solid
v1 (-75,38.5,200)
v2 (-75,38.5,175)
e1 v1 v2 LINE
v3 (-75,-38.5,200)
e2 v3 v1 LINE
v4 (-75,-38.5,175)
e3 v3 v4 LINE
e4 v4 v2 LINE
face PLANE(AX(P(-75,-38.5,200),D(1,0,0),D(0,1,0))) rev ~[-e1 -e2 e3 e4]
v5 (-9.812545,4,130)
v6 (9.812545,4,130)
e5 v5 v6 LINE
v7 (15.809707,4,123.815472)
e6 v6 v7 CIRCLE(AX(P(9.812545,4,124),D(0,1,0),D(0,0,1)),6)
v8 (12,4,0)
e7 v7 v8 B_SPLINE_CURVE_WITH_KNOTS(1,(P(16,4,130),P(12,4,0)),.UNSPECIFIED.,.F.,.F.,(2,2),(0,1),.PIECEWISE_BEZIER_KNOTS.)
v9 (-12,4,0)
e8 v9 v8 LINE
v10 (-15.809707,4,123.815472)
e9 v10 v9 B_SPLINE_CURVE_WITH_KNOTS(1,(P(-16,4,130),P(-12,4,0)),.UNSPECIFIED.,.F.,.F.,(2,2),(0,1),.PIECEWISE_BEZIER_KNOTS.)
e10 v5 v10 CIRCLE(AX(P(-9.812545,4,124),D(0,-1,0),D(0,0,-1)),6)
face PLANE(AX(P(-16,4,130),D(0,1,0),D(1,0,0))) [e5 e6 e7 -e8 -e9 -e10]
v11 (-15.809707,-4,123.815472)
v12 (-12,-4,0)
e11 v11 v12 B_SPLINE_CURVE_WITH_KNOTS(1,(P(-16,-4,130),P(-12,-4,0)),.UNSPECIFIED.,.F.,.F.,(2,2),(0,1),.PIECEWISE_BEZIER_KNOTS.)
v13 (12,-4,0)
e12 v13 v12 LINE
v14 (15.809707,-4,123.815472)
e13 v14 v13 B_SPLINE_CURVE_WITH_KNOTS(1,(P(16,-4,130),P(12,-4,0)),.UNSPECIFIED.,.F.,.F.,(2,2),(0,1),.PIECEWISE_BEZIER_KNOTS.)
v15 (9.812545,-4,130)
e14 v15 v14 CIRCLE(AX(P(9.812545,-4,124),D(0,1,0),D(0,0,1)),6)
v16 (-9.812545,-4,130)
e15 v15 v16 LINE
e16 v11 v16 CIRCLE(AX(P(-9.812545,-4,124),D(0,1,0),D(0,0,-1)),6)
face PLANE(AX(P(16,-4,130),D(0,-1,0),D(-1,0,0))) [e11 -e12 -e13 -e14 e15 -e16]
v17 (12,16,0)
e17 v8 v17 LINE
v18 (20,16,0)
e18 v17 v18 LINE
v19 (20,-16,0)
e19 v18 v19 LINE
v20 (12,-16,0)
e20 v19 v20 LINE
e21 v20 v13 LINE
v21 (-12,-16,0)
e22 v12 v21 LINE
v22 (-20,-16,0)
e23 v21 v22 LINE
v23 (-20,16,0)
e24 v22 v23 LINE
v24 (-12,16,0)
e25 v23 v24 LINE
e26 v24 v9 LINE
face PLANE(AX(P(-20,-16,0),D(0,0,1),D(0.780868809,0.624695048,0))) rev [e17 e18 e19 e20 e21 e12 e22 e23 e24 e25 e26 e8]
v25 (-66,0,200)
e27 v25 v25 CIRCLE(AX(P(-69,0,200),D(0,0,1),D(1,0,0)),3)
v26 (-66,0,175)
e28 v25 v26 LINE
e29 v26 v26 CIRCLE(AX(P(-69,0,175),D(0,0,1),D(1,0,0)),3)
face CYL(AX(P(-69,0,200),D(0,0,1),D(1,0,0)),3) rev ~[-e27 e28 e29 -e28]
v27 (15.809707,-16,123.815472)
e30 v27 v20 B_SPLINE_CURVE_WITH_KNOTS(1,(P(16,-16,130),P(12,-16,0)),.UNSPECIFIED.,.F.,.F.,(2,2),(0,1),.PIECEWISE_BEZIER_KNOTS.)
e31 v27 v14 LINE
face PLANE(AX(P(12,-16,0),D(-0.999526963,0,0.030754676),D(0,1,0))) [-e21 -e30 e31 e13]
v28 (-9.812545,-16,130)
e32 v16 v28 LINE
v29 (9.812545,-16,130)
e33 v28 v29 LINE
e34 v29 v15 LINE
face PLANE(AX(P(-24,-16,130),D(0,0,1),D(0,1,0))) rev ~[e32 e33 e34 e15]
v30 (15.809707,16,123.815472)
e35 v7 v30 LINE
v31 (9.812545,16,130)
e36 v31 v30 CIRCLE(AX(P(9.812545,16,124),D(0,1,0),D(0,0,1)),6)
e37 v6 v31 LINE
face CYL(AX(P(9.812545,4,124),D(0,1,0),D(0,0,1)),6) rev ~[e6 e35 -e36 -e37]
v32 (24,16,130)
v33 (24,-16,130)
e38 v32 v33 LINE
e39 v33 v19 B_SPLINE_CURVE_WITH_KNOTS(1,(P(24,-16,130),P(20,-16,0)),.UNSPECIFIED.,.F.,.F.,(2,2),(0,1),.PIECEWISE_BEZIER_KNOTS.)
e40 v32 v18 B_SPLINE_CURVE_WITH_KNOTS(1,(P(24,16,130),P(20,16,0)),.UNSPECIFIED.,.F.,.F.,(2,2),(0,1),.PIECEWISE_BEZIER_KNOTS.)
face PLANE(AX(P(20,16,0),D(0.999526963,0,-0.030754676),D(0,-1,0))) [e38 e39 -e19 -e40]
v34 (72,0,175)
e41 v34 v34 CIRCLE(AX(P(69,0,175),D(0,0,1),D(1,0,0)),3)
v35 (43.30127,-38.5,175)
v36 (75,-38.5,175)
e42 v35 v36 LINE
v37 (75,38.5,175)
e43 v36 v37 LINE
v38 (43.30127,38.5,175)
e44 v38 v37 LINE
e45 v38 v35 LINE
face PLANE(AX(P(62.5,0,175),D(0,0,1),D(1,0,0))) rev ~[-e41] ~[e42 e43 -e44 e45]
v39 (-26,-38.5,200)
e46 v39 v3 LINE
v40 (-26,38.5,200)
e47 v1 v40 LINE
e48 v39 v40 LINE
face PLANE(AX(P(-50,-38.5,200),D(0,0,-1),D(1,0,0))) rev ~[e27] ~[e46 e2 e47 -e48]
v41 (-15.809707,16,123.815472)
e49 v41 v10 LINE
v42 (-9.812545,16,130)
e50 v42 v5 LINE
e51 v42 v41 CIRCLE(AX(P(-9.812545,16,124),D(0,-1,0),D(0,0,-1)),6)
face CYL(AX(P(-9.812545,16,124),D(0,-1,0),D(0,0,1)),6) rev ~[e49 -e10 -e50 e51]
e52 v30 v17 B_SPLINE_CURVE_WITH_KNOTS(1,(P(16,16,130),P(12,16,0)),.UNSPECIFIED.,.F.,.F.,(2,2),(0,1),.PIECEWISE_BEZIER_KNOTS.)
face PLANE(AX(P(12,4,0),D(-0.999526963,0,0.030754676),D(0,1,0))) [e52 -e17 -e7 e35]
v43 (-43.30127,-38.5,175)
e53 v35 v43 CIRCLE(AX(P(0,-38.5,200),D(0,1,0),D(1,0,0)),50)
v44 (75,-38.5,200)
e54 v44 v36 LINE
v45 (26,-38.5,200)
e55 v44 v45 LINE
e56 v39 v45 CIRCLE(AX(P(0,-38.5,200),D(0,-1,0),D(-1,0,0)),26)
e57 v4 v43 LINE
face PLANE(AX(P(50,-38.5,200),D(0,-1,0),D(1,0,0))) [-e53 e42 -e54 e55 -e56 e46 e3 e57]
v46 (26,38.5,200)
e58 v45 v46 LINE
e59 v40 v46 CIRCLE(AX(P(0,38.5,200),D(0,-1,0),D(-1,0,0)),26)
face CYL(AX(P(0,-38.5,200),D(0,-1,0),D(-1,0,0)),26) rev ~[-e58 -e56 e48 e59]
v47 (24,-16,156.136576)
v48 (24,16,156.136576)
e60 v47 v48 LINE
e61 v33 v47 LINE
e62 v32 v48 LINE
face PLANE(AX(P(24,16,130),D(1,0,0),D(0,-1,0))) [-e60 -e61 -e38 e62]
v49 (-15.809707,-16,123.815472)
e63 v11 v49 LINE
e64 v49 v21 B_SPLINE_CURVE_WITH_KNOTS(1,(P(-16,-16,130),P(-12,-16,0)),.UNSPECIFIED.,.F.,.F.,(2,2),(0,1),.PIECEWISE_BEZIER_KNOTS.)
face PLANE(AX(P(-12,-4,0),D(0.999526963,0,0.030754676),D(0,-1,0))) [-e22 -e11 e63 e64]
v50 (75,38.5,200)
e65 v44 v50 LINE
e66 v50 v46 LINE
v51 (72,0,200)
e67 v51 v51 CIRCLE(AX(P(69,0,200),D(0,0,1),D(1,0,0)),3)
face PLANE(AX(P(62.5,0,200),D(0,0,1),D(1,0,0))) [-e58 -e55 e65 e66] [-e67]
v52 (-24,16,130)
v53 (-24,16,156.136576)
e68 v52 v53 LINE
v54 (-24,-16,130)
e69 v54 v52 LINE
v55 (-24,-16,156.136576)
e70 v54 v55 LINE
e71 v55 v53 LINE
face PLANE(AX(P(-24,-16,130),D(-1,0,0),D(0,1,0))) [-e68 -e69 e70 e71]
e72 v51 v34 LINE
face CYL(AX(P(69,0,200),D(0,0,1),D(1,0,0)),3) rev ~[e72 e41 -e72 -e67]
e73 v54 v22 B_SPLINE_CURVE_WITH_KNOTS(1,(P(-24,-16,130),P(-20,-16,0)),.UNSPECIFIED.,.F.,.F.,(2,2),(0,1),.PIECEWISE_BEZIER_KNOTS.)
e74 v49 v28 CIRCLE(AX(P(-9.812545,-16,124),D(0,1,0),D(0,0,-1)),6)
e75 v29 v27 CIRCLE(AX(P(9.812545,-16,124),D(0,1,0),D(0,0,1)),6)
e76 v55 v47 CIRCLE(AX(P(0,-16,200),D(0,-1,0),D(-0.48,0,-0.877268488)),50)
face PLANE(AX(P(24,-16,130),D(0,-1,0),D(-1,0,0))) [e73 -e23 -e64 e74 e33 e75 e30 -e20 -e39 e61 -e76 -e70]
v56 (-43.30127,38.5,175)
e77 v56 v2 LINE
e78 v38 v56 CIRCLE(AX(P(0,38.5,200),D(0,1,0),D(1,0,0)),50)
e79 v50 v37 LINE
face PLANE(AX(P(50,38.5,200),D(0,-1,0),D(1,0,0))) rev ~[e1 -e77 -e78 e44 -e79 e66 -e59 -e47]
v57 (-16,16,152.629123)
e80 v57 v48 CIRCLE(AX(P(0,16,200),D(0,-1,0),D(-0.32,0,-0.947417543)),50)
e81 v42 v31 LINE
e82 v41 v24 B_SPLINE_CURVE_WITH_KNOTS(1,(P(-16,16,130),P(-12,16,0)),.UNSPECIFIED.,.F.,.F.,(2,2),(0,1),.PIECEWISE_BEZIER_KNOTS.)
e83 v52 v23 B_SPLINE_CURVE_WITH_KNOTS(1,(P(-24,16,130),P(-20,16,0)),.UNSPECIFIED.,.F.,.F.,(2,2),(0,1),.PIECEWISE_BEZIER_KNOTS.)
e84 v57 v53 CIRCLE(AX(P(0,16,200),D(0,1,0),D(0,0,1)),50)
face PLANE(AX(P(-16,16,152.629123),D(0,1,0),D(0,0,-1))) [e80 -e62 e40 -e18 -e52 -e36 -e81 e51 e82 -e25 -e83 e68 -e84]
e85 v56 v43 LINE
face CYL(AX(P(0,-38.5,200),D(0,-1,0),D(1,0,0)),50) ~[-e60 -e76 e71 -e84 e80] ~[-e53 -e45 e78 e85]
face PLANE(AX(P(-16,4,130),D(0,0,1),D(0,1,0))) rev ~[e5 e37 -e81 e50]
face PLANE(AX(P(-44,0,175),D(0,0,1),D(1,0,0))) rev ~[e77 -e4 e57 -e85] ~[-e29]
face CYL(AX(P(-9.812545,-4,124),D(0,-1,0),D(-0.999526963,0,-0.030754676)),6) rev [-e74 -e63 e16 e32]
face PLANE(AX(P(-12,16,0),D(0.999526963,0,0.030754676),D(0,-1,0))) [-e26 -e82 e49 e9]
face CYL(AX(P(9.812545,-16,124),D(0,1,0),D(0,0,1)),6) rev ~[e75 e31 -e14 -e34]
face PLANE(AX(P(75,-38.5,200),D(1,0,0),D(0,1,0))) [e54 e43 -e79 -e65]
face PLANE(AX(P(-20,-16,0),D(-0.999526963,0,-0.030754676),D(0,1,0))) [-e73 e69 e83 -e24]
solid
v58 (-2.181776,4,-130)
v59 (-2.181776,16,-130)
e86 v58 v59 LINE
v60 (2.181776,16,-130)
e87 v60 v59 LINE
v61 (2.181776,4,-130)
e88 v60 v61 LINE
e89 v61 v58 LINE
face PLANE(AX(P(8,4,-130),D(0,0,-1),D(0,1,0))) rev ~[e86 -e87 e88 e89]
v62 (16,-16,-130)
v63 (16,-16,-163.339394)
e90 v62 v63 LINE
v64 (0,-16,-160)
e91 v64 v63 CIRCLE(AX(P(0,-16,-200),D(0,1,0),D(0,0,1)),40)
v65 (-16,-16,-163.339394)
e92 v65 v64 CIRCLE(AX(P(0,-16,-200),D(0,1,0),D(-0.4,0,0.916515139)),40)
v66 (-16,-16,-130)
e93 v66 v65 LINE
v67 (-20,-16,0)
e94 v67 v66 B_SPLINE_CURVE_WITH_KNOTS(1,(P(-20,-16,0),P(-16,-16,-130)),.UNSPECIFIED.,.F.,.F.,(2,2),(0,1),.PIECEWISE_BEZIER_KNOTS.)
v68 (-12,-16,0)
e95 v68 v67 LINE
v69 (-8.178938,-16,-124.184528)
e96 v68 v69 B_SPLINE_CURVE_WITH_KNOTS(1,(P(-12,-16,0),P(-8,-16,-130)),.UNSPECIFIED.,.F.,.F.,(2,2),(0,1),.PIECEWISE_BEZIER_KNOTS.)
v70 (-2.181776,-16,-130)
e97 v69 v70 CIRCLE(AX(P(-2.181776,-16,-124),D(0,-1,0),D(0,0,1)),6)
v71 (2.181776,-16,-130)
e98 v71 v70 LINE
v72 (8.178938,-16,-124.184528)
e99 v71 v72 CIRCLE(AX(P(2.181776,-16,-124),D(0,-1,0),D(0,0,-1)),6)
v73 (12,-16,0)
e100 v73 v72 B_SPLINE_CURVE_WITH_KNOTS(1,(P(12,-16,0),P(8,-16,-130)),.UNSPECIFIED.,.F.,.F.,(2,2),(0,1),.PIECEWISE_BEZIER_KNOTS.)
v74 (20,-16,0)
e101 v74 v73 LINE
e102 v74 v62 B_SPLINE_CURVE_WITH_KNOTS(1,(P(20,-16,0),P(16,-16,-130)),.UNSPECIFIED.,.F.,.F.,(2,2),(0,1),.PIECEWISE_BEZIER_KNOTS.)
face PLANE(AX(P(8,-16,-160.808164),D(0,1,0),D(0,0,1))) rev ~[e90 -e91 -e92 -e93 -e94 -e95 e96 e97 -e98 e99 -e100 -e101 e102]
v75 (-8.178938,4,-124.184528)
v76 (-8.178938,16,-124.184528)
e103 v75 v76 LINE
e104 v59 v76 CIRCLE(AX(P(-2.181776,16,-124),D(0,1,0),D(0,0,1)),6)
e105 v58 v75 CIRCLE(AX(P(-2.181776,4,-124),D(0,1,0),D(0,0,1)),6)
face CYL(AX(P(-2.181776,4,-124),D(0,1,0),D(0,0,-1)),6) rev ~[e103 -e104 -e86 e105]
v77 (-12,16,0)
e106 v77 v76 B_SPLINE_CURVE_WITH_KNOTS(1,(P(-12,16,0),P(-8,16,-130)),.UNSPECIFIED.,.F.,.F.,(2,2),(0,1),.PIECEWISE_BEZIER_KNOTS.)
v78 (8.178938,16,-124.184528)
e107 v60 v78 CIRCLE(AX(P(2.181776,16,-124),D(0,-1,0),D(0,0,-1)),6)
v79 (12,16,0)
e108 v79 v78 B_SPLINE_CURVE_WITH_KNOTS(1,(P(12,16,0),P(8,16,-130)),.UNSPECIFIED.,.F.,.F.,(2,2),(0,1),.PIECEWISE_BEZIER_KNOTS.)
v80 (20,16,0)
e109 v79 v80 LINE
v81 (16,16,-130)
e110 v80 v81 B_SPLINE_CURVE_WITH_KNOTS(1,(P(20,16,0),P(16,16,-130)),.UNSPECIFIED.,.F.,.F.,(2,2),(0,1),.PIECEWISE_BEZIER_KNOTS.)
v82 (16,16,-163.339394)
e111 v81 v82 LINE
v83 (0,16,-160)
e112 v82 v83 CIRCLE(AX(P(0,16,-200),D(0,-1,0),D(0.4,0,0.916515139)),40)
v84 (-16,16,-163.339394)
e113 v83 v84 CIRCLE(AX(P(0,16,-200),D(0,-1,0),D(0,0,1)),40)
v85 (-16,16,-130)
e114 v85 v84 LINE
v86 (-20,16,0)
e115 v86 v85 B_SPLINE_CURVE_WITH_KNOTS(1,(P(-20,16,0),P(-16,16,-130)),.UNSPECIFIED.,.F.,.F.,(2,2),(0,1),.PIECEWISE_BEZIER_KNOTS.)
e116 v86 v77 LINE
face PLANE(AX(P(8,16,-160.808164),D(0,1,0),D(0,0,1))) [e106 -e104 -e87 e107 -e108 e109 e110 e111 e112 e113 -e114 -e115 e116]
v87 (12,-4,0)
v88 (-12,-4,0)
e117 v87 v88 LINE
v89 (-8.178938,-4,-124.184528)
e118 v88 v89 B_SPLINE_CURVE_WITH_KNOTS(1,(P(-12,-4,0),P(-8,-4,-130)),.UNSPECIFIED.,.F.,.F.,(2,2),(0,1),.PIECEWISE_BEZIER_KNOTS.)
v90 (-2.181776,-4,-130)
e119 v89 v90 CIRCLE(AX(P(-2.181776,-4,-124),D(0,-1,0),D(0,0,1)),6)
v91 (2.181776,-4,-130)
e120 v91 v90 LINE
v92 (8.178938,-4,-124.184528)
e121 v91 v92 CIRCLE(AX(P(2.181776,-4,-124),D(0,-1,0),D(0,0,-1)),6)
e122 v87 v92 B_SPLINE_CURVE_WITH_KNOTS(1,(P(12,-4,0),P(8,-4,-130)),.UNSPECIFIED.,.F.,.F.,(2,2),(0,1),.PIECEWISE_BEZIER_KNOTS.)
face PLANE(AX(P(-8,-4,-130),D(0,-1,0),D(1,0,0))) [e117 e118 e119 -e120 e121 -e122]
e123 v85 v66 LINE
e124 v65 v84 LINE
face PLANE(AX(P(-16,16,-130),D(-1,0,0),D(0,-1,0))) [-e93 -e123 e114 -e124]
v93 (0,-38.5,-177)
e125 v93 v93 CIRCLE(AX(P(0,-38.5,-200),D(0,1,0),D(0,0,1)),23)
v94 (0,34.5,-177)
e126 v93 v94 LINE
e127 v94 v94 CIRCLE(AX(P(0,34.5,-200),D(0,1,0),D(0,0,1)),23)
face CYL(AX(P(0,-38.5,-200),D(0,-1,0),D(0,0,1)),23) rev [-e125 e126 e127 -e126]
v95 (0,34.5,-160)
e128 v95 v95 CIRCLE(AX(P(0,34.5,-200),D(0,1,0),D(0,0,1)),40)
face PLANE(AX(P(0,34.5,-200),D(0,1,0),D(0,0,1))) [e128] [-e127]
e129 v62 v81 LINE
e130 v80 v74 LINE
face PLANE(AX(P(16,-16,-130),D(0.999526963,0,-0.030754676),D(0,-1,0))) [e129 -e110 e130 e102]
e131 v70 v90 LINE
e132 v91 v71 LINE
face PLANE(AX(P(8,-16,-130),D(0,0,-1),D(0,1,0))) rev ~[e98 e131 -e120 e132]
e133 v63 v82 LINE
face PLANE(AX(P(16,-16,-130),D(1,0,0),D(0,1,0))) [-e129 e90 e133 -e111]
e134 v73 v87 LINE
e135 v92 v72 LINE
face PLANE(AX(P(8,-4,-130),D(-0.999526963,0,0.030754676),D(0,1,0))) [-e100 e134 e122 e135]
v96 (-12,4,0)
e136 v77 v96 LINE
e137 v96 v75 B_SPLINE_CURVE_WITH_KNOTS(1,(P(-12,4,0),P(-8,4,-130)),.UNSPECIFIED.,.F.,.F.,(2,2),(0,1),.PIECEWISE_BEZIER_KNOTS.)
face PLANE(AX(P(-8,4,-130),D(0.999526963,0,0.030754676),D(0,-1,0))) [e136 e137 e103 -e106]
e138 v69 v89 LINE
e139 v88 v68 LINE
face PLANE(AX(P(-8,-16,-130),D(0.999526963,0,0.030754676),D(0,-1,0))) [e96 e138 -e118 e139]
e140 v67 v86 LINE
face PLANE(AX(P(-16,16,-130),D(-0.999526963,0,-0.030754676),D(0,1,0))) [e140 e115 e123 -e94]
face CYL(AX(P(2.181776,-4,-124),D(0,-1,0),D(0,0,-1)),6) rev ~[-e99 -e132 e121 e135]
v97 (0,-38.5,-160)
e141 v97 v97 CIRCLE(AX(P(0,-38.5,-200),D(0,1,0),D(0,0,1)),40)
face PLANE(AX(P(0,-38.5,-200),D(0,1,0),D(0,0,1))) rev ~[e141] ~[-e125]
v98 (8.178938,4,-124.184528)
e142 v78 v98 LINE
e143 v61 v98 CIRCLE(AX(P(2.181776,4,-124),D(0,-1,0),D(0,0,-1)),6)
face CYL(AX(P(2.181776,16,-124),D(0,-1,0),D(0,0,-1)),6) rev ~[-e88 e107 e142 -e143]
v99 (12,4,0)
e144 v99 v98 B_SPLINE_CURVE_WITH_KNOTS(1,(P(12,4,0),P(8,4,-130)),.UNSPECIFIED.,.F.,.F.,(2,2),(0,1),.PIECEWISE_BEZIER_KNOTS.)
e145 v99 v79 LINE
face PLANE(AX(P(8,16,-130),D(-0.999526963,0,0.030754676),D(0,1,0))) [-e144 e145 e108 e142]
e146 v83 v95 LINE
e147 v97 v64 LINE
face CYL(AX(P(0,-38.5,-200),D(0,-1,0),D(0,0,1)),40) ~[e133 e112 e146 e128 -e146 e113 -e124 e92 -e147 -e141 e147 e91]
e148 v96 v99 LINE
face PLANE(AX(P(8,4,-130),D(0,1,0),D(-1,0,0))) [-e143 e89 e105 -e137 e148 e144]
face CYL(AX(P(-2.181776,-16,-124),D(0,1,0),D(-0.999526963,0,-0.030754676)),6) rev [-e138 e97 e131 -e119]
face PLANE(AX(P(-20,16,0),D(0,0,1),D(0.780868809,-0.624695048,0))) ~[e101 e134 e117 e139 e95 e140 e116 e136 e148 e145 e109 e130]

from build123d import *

# Parameters (mm, degrees)
BOSS_EXTRUDE1_DEPTH      = 34.5
BOSS_EXTRUDE1_DEPTH_BACK = 38.5
SKETCH1_R                = 40
SKETCH1_R_2              = 23
BOSS_EXTRUDE2_DEPTH      = 38.5
BOSS_EXTRUDE2_DEPTH_BACK = 38.5
BOSS_EXTRUDE4_REACH      = 337.98
BOSS_EXTRUDE4_END_RADIUS = 23
BOSS_EXTRUDE5_REACH      = 377.343
BOSS_EXTRUDE5_END_RADIUS = 26
SKETCH5_W                = 37
SKETCH5_H                = 77
SKETCH5_R                = 3
BOSS_EXTRUDE6_DEPTH      = 25
SKETCH6_W                = 22.629122871
SKETCH6_H                = 12
BOSS_EXTRUDE7_DEPTH      = 36
SKETCH7_W                = 30.808164115
SKETCH7_H                = 12
BOSS_EXTRUDE8_DEPTH      = 21
SKETCH8_W                = 30.808164115
SKETCH8_H                = 12
BOSS_EXTRUDE9_DEPTH      = 21
SKETCH10_W               = 26.136575601
SKETCH10_H               = 32
BOSS_EXTRUDE10_DEPTH     = 46
FILLET4_R                = 6
FILLET5_R                = 6


with BuildPart() as part:
    # Sketch1 → Boss-Extrude1 (new, two sides: drawn at the far end of the back side and taken through both)
    with BuildSketch(Plane(origin=(0, 0, 0), x_dir=(1, 0, 0), z_dir=(0, 1, 0)).offset(-BOSS_EXTRUDE1_DEPTH_BACK)):
        with Locations((0, 200)):
            Circle(SKETCH1_R)
        with Locations((0, 200)):
            Circle(SKETCH1_R_2, mode=Mode.SUBTRACT)
    extrude(amount=BOSS_EXTRUDE1_DEPTH + BOSS_EXTRUDE1_DEPTH_BACK)



with BuildPart() as body_2:
    # Sketch1<6> → Boss-Extrude2 (new, two sides: drawn at the far end of the back side and taken through both)
    with BuildSketch(Plane(origin=(0, 0, 0), x_dir=(1, 0, 0), z_dir=(0, 1, 0)).offset(-BOSS_EXTRUDE2_DEPTH_BACK)):
        with BuildLine():
            ThreePointArc((50, -200), (0, -150), (-50, -200))
            Line((-50, -200), (-26, -200))
            ThreePointArc((-26, -200), (0, -174), (26, -200))
            Line((26, -200), (50, -200))
        make_face()
    extrude(amount=BOSS_EXTRUDE2_DEPTH + BOSS_EXTRUDE2_DEPTH_BACK)



with BuildPart() as body_3:
    # Sketch3 → Loft1 section 0
    with BuildSketch(Plane.XY.offset(130)):
        with BuildLine():
            Line((-24, -16), (-24, 16))
            Line((-24, 16), (-16, 16))
            Line((-16, 16), (-16, 4))
            Line((-16, 4), (16, 4))
            Line((16, 4), (16, 16))
            Line((16, 16), (24, 16))
            Line((24, 16), (24, -16))
            Line((24, -16), (16, -16))
            Line((16, -16), (16, -4))
            Line((16, -4), (-16, -4))
            Line((-16, -4), (-16, -16))
            Line((-16, -16), (-24, -16))
        make_face()
    # Sketch4 → Loft1 section 1
    with BuildSketch(Plane.XY):
        with BuildLine():
            Line((-20, 16), (-12, 16))
            Line((-12, 16), (-12, 4))
            Line((-12, 4), (12, 4))
            Line((12, 4), (12, 16))
            Line((12, 16), (20, 16))
            Line((20, 16), (20, -16))
            Line((20, -16), (12, -16))
            Line((12, -16), (12, -4))
            Line((12, -4), (-12, -4))
            Line((-12, -4), (-12, -16))
            Line((-12, -16), (-20, -16))
            Line((-20, -16), (-20, 16))
        make_face()
    loft()


with BuildPart() as body_4:
    # Sketch4<3> → Loft3 section 0
    with BuildSketch(Plane.XY):
        with BuildLine():
            Line((-20, 16), (-12, 16))
            Line((-12, 16), (-12, 4))
            Line((-12, 4), (12, 4))
            Line((12, 4), (12, 16))
            Line((12, 16), (20, 16))
            Line((20, 16), (20, -16))
            Line((20, -16), (12, -16))
            Line((12, -16), (12, -4))
            Line((12, -4), (-12, -4))
            Line((-12, -4), (-12, -16))
            Line((-12, -16), (-20, -16))
            Line((-20, -16), (-20, 16))
        make_face()
    # Sketch2 → Loft3 section 1
    with BuildSketch(Plane.XY.offset(-130)):
        with BuildLine():
            Line((16, 16), (8, 16))
            Line((8, 16), (8, 4))
            Line((8, 4), (-8, 4))
            Line((-8, 4), (-8, 16))
            Line((-8, 16), (-16, 16))
            Line((-16, 16), (-16, -16))
            Line((-16, -16), (-8, -16))
            Line((-8, -16), (-8, -4))
            Line((-8, -4), (8, -4))
            Line((8, -4), (8, -16))
            Line((8, -16), (16, -16))
            Line((16, -16), (16, 16))
        make_face()
    loft()


with BuildPart() as part_1:
    add(part.part)

    add(body_4.part)  # Boss-Extrude4 merges body 4
    # Boss-Extrude4: up to this cylinder (the profile starts outside it)
    boss_extrude4_end = Plane(origin=(0, 0, -200), z_dir=(0, 1, 0)) * Cylinder(BOSS_EXTRUDE4_END_RADIUS, 722.96, mode=Mode.PRIVATE)
    # Sketch2<8> → Boss-Extrude4 (add, up to the surface)
    with BuildSketch(Plane.XY.offset(-130), mode=Mode.PRIVATE) as boss_extrude4_sk1:
        Polygon((16, 16), (8, 16), (8, 4), (-8, 4), (-8, 16), (-16, 16), (-16, -16), (-8, -16), (-8, -4), (8, -4), (8, -16), (16, -16), align=None)
    boss_extrude4_tool1 = extrude(boss_extrude4_sk1.sketch, amount=-BOSS_EXTRUDE4_REACH, mode=Mode.PRIVATE) - boss_extrude4_end
    add(boss_extrude4_tool1.solids().sort_by_distance((0, 0, -130))[0])

    # Sketch7 → Boss-Extrude8 (add)
    with BuildSketch(Plane.ZY.offset(-8)):
        with Locations((-145.404082058, -10)):
            Rectangle(SKETCH7_W, SKETCH7_H)
    extrude(amount=BOSS_EXTRUDE8_DEPTH)

    # Sketch8 → Boss-Extrude9 (add)
    with BuildSketch(Plane.ZY.offset(-8)):
        with Locations((-145.404082058, 10)):
            Rectangle(SKETCH8_W, SKETCH8_H)
    extrude(amount=BOSS_EXTRUDE9_DEPTH)

    # Fillet4
    fillet4_edges = [part_1.edges().sort_by_distance(p)[0] for p in [
        (8, 10, -130),
        (-8, 10, -130),
        (-8, -10, -130),
        (8, -10, -130),
    ]]
    fillet(fillet4_edges, radius=FILLET4_R)


with BuildPart() as body_2_1:
    add(body_2.part)

    add(body_3.part)  # Boss-Extrude5 merges body 3
    # Boss-Extrude5: up to this cylinder (the profile starts outside it)
    boss_extrude5_end = Plane(origin=(0, 0, 200), z_dir=(0, 1, 0)) * Cylinder(BOSS_EXTRUDE5_END_RADIUS, 807.686, mode=Mode.PRIVATE)
    # Sketch3<3> → Boss-Extrude5 (add, up to the surface)
    with BuildSketch(Plane.XY.offset(130), mode=Mode.PRIVATE) as boss_extrude5_sk1:
        Polygon((-24, -16), (-24, 16), (-16, 16), (-16, 4), (16, 4), (16, 16), (24, 16), (24, -16), (16, -16), (16, -4), (-16, -4), (-16, -16), align=None)
    boss_extrude5_tool1 = extrude(boss_extrude5_sk1.sketch, amount=BOSS_EXTRUDE5_REACH, mode=Mode.PRIVATE) - boss_extrude5_end
    add(boss_extrude5_tool1.solids().sort_by_distance((0, 0, 130))[0])

    # Sketch5 → Boss-Extrude6 (add)
    # profile 1 of 2: a face of its own
    with BuildSketch(Plane.XY.offset(200)):
        with Locations((56.5, 0)):
            Rectangle(SKETCH5_W, SKETCH5_H)
        with Locations((69, 0)):
            Circle(SKETCH5_R, mode=Mode.SUBTRACT)
    # profile 2 of 2: a face of its own
    with BuildSketch(Plane.XY.offset(200)):
        with Locations((-56.5, 0)):
            Rectangle(SKETCH5_W, SKETCH5_H)
        with Locations((-69, 0)):
            Circle(SKETCH5_R, mode=Mode.SUBTRACT)
    extrude(amount=-BOSS_EXTRUDE6_DEPTH)

    # Sketch6 → Boss-Extrude7 (add)
    with BuildSketch(Plane(origin=(-16, 0, 0), x_dir=(0, 0, -1), z_dir=(1, 0, 0))):
        with Locations((-141.314561436, 10)):
            Rectangle(SKETCH6_W, SKETCH6_H)
    extrude(amount=BOSS_EXTRUDE7_DEPTH)

    # Sketch10 → Boss-Extrude10 (add)
    with BuildSketch(Plane.ZY.offset(24)):
        with Locations((143.068287801, 0)):
            Rectangle(SKETCH10_W, SKETCH10_H)
    extrude(amount=-BOSS_EXTRUDE10_DEPTH)

    # Fillet5
    fillet5_edges = [body_2_1.edges().sort_by_distance(p)[0] for p in [
        (-16, -10, 130),
        (16, -10, 130),
        (-16, 10, 130),
        (16, 10, 130),
    ]]
    fillet(fillet5_edges, radius=FILLET5_R)


solid = Compound([part_1.part, body_2_1.part])
